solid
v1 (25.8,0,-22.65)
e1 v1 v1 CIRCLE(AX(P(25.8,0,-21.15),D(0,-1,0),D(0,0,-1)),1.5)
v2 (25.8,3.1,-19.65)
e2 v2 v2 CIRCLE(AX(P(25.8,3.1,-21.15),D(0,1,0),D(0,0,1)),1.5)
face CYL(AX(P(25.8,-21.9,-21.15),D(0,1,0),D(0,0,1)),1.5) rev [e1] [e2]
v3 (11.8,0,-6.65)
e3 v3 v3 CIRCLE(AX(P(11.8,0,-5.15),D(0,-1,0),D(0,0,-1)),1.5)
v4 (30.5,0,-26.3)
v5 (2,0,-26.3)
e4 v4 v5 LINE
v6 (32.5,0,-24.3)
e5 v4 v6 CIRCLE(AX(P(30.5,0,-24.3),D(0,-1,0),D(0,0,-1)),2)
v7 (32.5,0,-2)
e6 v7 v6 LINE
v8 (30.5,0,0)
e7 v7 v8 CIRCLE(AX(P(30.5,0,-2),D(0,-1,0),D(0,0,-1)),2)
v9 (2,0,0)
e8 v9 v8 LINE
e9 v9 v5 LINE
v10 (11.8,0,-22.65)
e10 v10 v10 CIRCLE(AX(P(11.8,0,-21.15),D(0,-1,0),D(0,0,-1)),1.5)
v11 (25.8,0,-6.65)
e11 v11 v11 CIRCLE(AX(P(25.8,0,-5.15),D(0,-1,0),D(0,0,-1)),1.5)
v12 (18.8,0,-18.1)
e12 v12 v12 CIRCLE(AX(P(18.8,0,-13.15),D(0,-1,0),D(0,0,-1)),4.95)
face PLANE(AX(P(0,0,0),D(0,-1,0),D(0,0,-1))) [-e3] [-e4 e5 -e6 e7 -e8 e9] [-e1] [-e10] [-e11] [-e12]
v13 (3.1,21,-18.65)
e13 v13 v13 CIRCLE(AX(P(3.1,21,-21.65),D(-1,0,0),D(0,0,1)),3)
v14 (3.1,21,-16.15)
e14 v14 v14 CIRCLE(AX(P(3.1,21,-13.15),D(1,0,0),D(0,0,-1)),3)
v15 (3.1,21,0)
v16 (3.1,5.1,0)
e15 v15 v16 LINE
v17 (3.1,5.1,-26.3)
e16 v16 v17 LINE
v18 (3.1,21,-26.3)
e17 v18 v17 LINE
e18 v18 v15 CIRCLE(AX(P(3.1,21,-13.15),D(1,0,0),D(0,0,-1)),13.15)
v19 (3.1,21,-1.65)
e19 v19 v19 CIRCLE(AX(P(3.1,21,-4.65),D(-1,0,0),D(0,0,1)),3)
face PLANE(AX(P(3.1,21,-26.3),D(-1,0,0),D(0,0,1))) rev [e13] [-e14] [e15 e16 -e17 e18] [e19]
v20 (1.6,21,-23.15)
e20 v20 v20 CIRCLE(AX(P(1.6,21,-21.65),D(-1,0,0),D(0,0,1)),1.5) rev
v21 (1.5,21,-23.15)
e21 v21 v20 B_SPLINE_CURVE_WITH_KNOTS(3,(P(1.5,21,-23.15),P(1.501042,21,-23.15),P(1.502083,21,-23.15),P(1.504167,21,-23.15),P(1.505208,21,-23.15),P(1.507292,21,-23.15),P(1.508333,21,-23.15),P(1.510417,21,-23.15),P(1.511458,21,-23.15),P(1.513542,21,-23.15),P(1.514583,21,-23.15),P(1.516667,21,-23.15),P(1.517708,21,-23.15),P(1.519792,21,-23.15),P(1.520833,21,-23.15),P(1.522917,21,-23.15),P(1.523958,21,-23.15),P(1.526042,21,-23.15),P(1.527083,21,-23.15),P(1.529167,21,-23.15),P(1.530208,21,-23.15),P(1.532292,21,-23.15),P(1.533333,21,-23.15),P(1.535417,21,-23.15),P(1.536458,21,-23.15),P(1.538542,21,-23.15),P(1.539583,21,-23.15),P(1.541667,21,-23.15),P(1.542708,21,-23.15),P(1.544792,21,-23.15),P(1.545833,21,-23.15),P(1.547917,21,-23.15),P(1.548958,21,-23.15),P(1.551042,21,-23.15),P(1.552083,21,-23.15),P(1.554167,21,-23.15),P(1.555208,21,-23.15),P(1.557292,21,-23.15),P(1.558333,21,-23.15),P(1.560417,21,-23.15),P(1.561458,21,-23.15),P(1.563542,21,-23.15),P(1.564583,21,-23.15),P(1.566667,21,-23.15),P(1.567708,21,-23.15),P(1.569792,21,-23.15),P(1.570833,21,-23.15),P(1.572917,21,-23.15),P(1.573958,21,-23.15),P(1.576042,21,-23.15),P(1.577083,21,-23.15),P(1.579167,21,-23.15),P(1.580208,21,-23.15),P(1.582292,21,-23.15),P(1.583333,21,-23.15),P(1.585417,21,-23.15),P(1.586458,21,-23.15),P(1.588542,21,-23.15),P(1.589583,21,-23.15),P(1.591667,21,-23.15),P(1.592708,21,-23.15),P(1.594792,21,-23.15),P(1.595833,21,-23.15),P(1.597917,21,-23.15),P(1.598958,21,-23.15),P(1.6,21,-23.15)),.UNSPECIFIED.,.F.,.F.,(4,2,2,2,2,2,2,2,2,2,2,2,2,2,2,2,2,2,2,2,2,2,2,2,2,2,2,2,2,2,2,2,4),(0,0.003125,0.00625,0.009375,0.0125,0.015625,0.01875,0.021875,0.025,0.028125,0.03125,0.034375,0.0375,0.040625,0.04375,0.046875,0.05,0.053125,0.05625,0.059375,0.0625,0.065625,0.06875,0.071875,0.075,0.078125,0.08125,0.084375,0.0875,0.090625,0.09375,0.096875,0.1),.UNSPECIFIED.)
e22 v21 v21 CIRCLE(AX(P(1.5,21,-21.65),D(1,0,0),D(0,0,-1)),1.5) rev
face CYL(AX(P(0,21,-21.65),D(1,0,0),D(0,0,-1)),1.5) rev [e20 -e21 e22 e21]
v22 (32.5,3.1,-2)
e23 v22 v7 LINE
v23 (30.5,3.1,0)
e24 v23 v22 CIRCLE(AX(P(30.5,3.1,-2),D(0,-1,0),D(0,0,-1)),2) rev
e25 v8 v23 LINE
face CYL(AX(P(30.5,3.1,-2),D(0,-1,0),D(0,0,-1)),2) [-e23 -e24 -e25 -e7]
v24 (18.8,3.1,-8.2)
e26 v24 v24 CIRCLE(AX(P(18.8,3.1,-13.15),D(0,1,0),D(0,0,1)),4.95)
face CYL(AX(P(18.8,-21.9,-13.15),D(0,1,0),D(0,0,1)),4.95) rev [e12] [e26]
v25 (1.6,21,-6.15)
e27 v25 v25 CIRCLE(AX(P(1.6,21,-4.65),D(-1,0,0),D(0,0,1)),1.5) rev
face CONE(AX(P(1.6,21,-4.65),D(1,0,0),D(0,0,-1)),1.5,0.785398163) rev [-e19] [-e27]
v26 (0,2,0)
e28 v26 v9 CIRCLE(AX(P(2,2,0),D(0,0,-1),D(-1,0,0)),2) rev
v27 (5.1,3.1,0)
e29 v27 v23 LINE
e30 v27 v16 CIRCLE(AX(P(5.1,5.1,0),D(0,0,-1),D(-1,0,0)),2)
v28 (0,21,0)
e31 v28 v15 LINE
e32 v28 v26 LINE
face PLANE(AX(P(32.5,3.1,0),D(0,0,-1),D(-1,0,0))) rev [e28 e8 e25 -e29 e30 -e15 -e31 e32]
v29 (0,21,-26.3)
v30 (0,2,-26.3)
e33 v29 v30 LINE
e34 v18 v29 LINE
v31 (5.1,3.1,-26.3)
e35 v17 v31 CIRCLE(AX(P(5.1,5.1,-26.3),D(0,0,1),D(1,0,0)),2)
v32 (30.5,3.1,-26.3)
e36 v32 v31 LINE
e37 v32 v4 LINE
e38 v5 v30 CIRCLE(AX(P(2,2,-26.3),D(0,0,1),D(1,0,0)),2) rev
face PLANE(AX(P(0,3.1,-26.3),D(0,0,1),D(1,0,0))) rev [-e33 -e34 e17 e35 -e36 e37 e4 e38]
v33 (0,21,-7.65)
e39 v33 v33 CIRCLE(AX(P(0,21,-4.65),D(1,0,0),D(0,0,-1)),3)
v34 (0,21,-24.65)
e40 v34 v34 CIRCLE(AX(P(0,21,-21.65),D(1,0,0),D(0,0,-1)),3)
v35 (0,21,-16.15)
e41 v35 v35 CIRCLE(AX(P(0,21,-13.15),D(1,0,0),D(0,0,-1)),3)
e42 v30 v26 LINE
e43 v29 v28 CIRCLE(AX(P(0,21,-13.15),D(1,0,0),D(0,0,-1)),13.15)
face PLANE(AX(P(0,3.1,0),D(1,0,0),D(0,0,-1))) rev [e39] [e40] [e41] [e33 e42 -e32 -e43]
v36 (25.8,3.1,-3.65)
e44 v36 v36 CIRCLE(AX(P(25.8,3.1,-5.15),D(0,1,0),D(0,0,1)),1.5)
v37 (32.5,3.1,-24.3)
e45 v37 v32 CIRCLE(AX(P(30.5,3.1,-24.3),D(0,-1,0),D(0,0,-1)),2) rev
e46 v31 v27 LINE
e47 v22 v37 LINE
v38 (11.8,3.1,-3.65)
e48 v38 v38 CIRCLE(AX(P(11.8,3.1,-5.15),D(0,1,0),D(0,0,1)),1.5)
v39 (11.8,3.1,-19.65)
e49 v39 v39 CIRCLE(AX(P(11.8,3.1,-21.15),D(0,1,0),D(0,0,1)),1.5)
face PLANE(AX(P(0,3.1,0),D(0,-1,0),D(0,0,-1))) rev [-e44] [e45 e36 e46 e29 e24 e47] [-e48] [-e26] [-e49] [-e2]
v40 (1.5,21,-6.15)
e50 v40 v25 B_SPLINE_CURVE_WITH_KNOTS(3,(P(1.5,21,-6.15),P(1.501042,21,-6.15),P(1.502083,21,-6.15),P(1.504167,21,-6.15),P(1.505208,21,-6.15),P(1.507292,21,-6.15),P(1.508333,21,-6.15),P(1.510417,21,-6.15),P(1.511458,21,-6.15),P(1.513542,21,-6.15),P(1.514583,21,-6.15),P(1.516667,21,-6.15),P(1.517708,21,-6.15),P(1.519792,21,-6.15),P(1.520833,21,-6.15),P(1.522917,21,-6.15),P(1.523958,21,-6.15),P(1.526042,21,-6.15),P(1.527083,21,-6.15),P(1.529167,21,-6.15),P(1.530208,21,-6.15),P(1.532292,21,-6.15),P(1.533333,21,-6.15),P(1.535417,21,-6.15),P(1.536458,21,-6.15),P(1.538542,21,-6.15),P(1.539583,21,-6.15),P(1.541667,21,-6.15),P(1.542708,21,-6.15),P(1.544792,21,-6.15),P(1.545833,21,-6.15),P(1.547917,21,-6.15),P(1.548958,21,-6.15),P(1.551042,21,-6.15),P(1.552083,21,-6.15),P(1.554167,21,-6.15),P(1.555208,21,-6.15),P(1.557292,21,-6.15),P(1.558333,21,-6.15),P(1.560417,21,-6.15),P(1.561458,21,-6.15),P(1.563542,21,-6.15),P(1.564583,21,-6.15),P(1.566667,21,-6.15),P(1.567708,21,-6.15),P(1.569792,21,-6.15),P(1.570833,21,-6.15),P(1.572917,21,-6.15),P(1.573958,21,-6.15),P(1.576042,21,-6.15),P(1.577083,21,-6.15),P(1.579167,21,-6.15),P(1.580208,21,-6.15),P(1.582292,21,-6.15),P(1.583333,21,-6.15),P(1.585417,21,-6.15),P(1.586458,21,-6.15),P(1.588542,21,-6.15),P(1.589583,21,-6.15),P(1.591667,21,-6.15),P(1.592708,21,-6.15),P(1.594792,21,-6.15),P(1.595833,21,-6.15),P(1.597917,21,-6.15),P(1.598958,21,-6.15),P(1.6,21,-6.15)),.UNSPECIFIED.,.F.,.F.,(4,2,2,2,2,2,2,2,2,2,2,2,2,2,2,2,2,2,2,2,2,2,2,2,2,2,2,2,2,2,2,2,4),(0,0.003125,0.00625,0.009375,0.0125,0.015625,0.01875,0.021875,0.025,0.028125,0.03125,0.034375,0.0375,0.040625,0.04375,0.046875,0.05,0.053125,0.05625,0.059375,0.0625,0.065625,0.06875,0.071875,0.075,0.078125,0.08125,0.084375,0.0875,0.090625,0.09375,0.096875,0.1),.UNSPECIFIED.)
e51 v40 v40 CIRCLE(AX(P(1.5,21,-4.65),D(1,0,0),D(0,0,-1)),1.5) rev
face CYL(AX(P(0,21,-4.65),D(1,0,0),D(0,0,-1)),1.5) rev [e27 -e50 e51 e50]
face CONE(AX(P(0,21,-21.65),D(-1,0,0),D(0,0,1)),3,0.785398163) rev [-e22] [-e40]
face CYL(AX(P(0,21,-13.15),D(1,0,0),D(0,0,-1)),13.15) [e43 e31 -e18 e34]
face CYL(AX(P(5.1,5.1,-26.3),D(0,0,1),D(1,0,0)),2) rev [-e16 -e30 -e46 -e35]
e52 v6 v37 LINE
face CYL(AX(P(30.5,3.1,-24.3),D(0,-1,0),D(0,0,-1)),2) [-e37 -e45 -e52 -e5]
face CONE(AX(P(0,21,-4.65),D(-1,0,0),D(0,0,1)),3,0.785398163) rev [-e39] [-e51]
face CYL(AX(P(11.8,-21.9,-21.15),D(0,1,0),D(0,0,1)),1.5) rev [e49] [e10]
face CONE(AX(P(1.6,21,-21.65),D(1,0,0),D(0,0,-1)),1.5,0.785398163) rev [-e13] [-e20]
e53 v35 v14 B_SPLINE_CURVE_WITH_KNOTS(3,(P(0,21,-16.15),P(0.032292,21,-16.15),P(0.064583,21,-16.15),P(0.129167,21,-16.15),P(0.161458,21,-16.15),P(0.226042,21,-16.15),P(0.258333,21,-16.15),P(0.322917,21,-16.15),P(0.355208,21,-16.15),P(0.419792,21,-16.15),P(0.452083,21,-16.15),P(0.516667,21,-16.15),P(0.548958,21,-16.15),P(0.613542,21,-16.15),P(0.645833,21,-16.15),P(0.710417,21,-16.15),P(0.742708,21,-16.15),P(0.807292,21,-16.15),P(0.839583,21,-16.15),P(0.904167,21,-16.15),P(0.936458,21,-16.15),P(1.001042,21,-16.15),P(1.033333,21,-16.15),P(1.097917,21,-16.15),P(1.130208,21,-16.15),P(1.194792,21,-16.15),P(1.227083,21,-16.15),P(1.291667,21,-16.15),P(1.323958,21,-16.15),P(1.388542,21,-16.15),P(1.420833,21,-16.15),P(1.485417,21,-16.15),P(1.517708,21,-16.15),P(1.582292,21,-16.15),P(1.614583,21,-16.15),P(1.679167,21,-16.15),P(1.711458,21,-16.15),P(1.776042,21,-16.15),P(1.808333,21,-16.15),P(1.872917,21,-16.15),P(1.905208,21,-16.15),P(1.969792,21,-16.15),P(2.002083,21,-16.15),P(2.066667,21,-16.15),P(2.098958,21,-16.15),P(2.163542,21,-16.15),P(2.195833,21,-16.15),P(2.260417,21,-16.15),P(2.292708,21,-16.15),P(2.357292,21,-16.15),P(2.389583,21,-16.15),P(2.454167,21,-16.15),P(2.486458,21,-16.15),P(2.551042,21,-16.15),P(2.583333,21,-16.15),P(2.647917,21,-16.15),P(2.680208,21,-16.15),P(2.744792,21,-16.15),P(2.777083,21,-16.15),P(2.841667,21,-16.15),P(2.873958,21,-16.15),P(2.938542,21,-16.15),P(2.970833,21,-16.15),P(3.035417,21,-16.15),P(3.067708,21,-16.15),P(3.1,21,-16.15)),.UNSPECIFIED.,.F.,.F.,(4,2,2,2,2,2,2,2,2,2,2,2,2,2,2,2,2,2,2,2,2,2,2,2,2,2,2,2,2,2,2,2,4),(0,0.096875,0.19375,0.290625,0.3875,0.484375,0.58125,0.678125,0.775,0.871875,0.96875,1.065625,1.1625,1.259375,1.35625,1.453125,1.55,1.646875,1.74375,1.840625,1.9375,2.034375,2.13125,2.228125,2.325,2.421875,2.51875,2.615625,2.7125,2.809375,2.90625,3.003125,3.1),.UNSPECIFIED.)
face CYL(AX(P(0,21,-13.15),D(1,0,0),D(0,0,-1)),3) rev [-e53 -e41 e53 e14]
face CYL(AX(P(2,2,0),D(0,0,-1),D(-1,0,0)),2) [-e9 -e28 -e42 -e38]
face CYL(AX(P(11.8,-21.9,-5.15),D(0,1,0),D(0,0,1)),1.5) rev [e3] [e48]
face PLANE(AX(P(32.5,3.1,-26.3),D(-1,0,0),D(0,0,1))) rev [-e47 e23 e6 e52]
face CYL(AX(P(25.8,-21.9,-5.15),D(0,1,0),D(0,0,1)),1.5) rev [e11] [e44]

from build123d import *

# Parameters (mm, degrees)
SKETCH1_W           = 32.5
SKETCH1_H           = 26.3
BOSS_EXTRUDE1_DEPTH = 3.1
SKETCH2_W           = 3.1
SKETCH2_H           = 26.3
BOSS_EXTRUDE2_DEPTH = 17.9
BOSS_EXTRUDE3_DEPTH = 3.1
FILLET1_R           = 2
SKETCH4_R           = 3
SKETCH4_R_2         = 1.5
CUT_EXTRUDE1_DEPTH  = 3.1
CHAMFER1_SIZE       = 1.5
SKETCH5_R           = 4.95
SKETCH5_R_2         = 1.5
CUT_EXTRUDE2_DEPTH  = 25


with BuildPart() as part:
    # Sketch1 → Boss-Extrude1 (new body)
    with BuildSketch(Plane(origin=(0, 0, 0), x_dir=(1, 0, 0), z_dir=(0, 1, 0))):
        with Locations((16.25, 13.15)):
            Rectangle(SKETCH1_W, SKETCH1_H)
    extrude(amount=BOSS_EXTRUDE1_DEPTH)

    # Sketch2 → Boss-Extrude2 (add)
    with BuildSketch(Plane(origin=(0, 3.1, 0), x_dir=(1, 0, 0), z_dir=(0, 1, 0))):
        with Locations((1.55, 13.15)):
            Rectangle(SKETCH2_W, SKETCH2_H)
    extrude(amount=BOSS_EXTRUDE2_DEPTH)

    # Sketch3 → Boss-Extrude3 (add)
    with BuildSketch(Plane(origin=(3.1, 0, 0), x_dir=(0, 0, -1), z_dir=(1, 0, 0))):
        with BuildLine():
            Line((0, 21), (26.3, 21))
            ThreePointArc((26.3, 21), (13.15, 34.15), (0, 21))
        make_face()
    extrude(amount=-BOSS_EXTRUDE3_DEPTH)

    # Fillet1
    fillet1_edges = [part.edges().sort_by_distance(p)[0] for p in [
        (3.1, 3.1, -13.15),
        (0, 0, -13.15),
        (32.5, 1.55, -26.3),
        (32.5, 1.55, 0),
    ]]
    fillet(fillet1_edges, radius=FILLET1_R)

    # Sketch4 → Cut-Extrude1 (cut)
    with BuildSketch(Plane(origin=(3.1, 0, 0), x_dir=(0, 0, -1), z_dir=(1, 0, 0))):
        with Locations((13.15, 21)):
            Circle(SKETCH4_R)
        with Locations((21.65, 21)):
            Circle(SKETCH4_R_2)
        with Locations((4.65, 21)):
            Circle(SKETCH4_R_2)
    extrude(amount=-CUT_EXTRUDE1_DEPTH, mode=Mode.SUBTRACT)

    # Chamfer1
    chamfer1_edges = [part.edges().sort_by_distance(p)[0] for p in [
        (0, 21, -20.15),
        (0, 21, -3.15),
        (3.1, 21, -20.15),
        (3.1, 21, -3.15),
    ]]
    chamfer(chamfer1_edges, length=CHAMFER1_SIZE)

    # Sketch5 → Cut-Extrude2 (cut)
    with BuildSketch(Plane(origin=(0, 3.1, 0), x_dir=(1, 0, 0), z_dir=(0, 1, 0))):
        with Locations((18.8, 13.15)):
            Circle(SKETCH5_R)
        with Locations((25.8, 21.15)):
            Circle(SKETCH5_R_2)
        with Locations((25.8, 5.15)):
            Circle(SKETCH5_R_2)
        with Locations((11.8, 21.15)):
            Circle(SKETCH5_R_2)
        with Locations((11.8, 5.15)):
            Circle(SKETCH5_R_2)
    extrude(amount=-CUT_EXTRUDE2_DEPTH, mode=Mode.SUBTRACT)


solid = part.part
